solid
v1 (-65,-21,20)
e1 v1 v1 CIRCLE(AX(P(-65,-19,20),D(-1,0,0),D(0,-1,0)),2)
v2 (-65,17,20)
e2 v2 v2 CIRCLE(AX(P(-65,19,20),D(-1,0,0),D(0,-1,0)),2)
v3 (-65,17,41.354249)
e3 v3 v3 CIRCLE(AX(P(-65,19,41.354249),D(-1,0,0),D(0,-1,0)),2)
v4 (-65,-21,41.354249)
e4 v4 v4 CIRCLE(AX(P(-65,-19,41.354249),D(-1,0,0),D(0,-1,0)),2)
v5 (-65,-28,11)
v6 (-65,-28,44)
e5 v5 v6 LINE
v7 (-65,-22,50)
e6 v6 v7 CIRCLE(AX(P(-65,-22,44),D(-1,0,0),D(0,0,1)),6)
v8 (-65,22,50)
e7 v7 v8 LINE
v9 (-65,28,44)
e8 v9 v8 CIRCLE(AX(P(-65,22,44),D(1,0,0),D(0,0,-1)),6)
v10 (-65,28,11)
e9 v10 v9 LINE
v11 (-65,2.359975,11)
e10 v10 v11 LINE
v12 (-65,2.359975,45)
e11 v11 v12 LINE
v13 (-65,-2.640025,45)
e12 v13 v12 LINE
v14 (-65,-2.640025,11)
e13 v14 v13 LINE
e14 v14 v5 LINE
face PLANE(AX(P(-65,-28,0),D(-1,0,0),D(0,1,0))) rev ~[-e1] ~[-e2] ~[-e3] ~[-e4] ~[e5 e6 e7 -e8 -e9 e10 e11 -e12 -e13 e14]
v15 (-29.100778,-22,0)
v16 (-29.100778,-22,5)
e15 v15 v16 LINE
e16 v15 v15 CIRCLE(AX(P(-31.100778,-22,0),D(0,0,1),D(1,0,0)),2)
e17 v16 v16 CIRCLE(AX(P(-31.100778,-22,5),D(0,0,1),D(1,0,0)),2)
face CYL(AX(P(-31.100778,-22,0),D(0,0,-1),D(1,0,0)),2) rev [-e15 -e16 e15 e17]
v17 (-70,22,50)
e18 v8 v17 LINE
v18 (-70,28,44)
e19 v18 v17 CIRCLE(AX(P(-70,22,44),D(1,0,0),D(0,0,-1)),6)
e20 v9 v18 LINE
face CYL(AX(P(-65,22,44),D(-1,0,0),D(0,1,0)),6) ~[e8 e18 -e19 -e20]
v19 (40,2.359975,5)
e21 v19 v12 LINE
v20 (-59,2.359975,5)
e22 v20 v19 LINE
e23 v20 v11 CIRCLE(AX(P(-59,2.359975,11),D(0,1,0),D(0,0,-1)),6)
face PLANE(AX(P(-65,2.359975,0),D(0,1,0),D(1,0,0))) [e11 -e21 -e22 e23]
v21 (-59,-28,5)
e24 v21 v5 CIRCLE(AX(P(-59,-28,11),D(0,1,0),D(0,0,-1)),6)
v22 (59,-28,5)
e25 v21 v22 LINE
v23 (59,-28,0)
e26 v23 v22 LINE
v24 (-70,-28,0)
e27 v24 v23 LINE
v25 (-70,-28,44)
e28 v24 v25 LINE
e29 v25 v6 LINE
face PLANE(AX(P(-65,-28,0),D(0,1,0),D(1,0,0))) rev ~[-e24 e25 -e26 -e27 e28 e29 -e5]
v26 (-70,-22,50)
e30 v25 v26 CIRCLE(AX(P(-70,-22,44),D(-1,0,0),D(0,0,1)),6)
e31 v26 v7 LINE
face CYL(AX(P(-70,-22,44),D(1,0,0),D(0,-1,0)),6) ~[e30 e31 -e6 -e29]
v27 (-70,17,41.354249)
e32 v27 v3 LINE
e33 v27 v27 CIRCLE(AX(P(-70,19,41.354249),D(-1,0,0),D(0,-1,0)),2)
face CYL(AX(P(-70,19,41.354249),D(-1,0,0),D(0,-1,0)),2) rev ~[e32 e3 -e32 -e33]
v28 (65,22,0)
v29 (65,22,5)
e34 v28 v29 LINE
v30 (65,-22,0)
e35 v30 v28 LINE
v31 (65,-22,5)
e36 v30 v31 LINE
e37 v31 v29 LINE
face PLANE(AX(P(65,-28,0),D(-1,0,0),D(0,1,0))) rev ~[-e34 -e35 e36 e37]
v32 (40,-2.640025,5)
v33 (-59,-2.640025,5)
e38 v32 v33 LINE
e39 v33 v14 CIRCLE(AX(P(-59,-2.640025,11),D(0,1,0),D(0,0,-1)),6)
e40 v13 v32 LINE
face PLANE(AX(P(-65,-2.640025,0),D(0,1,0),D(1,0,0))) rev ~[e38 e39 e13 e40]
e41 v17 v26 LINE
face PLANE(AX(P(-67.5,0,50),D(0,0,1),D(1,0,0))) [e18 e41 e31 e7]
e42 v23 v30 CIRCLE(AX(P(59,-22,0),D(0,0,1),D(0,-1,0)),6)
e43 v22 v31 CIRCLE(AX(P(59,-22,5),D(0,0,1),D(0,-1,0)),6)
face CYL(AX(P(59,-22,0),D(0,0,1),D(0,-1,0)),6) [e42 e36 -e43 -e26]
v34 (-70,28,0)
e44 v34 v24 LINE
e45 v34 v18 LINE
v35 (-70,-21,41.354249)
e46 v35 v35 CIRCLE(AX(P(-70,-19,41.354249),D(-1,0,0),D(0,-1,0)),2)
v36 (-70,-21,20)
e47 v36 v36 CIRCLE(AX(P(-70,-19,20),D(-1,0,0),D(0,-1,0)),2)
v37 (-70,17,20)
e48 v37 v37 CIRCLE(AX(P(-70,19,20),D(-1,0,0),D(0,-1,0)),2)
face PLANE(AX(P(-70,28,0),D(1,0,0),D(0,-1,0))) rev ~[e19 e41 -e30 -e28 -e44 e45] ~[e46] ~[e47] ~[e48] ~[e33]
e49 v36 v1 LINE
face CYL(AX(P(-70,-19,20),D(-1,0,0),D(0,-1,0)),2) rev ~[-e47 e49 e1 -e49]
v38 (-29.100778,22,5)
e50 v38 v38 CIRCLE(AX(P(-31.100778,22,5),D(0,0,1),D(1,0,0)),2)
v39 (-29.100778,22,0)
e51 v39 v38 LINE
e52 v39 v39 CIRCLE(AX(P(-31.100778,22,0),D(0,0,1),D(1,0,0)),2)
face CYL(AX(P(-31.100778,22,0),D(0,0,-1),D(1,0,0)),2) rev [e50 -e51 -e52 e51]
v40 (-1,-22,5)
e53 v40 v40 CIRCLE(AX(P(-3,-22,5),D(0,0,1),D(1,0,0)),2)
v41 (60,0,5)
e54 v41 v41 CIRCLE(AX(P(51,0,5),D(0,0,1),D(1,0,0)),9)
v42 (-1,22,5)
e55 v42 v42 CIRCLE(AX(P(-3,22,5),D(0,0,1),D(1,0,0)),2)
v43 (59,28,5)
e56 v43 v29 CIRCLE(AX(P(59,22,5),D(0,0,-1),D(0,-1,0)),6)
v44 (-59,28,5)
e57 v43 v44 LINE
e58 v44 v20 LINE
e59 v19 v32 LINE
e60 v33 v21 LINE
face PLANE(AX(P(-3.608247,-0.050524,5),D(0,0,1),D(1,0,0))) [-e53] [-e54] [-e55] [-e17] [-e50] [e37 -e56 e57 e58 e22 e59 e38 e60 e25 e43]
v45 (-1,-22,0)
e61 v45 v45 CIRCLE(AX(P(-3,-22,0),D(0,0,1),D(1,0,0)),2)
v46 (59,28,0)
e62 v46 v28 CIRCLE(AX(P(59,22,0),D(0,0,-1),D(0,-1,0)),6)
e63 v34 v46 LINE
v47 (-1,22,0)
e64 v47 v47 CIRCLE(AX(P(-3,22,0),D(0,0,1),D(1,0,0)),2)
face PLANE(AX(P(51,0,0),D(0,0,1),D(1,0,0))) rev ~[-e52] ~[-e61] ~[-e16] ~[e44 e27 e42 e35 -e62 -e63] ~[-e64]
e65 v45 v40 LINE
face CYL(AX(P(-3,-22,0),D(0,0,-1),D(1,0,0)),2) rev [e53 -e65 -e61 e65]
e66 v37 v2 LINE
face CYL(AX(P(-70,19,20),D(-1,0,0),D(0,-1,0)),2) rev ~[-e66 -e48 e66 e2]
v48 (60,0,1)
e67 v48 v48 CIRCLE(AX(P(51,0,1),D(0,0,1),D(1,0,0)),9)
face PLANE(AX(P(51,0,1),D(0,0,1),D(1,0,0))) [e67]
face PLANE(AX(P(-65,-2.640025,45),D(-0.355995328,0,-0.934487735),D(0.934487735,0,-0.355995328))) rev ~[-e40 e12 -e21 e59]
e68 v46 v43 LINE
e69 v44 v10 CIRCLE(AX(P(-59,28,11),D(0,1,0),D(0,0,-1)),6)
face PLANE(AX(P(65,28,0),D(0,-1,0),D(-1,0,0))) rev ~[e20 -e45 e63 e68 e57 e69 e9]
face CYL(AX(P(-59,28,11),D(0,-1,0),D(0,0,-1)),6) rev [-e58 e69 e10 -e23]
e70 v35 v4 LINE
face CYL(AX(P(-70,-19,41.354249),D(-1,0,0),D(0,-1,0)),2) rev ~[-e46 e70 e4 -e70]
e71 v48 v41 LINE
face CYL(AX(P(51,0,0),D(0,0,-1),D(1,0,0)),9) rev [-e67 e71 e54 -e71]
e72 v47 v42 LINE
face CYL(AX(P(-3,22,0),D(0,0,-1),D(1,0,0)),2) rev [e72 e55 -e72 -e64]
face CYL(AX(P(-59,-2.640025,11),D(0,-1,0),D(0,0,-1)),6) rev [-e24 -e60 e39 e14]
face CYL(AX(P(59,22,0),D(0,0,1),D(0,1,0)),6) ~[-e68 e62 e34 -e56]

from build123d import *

# Parameters (mm, degrees)
F1_DEPTH = 50
F0_R     = 2
F0_R_2   = 9
F2_DEPTH = 5
F3_R     = 6
F4_DEPTH = 1
F0_W     = 105
F0_H     = 5
F5_DEPTH = 45
F7_DEPTH = 25
F8_R     = 2
F9_DEPTH = 25


with BuildPart() as f1:
    # F0 (on Top) → F1 (new body)
    with BuildSketch(Plane.XY):
        Polygon((-70, -28), (-65, -28), (-65, -2.640025), (-65, 2.359975), (-65, 28), (-70, 28), align=None)
    extrude(amount=F1_DEPTH)

    # F0 (on Top) → F2 (join)
    with BuildSketch(Plane.XY):
        Polygon((-65, -28), (65, -28), (65, 28), (-65, 28), (-65, 2.359975), (40, 2.359975), (40, -2.640025), (-65, -2.640025), align=None)
        with Locations((-31.100778, -22)):
            Circle(F0_R, mode=Mode.SUBTRACT)
        with Locations((-3, -22)):
            Circle(F0_R, mode=Mode.SUBTRACT)
        with Locations((-31.100778, 22)):
            Circle(F0_R, mode=Mode.SUBTRACT)
        with Locations((-3, 22)):
            Circle(F0_R, mode=Mode.SUBTRACT)
        with Locations((51, 0)):
            Circle(F0_R_2, mode=Mode.SUBTRACT)
    extrude(amount=F2_DEPTH)

    # F3
    f3_edges = [f1.edges().sort_by_distance(p)[0] for p in [
        (-67.5, 28, 50),
        (-67.5, -28, 50),
        (65, -28, 2.5),
        (65, 28, 2.5),
        (-65, -15.320012, 5),
        (-65, 15.179988, 5),
    ]]
    fillet(f3_edges, radius=F3_R)

    # F0 (on Top) → F4 (join)
    with BuildSketch(Plane.XY):
        with Locations((51, 0)):
            Circle(F0_R_2)
    extrude(amount=F4_DEPTH)

    # F0 (on Top) → F5 (join)
    with BuildSketch(Plane.XY):
        with Locations((-12.5, -0.140025)):
            Rectangle(F0_W, F0_H)
    extrude(amount=F5_DEPTH)

    # F6 (on face) → F7 (cut)
    with BuildSketch(Plane.XZ.offset(2.640025)):
        Polygon((40, 45), (-65, 45), (40, 5), align=None)
    extrude(amount=-F7_DEPTH, mode=Mode.SUBTRACT)

    # F8 (on face) → F9 (cut)
    with BuildSketch(Plane(origin=(-70, 0, 0), x_dir=(0, -1, 0), z_dir=(-1, 0, 0))):
        with Locations((-19, 41.354249)):
            Circle(F8_R)
        with Locations((-19, 20)):
            Circle(F8_R)
        with Locations((19, 41.354249)):
            Circle(F8_R)
        with Locations((19, 20)):
            Circle(F8_R)
    extrude(amount=-F9_DEPTH, mode=Mode.SUBTRACT)


solid = f1.part
